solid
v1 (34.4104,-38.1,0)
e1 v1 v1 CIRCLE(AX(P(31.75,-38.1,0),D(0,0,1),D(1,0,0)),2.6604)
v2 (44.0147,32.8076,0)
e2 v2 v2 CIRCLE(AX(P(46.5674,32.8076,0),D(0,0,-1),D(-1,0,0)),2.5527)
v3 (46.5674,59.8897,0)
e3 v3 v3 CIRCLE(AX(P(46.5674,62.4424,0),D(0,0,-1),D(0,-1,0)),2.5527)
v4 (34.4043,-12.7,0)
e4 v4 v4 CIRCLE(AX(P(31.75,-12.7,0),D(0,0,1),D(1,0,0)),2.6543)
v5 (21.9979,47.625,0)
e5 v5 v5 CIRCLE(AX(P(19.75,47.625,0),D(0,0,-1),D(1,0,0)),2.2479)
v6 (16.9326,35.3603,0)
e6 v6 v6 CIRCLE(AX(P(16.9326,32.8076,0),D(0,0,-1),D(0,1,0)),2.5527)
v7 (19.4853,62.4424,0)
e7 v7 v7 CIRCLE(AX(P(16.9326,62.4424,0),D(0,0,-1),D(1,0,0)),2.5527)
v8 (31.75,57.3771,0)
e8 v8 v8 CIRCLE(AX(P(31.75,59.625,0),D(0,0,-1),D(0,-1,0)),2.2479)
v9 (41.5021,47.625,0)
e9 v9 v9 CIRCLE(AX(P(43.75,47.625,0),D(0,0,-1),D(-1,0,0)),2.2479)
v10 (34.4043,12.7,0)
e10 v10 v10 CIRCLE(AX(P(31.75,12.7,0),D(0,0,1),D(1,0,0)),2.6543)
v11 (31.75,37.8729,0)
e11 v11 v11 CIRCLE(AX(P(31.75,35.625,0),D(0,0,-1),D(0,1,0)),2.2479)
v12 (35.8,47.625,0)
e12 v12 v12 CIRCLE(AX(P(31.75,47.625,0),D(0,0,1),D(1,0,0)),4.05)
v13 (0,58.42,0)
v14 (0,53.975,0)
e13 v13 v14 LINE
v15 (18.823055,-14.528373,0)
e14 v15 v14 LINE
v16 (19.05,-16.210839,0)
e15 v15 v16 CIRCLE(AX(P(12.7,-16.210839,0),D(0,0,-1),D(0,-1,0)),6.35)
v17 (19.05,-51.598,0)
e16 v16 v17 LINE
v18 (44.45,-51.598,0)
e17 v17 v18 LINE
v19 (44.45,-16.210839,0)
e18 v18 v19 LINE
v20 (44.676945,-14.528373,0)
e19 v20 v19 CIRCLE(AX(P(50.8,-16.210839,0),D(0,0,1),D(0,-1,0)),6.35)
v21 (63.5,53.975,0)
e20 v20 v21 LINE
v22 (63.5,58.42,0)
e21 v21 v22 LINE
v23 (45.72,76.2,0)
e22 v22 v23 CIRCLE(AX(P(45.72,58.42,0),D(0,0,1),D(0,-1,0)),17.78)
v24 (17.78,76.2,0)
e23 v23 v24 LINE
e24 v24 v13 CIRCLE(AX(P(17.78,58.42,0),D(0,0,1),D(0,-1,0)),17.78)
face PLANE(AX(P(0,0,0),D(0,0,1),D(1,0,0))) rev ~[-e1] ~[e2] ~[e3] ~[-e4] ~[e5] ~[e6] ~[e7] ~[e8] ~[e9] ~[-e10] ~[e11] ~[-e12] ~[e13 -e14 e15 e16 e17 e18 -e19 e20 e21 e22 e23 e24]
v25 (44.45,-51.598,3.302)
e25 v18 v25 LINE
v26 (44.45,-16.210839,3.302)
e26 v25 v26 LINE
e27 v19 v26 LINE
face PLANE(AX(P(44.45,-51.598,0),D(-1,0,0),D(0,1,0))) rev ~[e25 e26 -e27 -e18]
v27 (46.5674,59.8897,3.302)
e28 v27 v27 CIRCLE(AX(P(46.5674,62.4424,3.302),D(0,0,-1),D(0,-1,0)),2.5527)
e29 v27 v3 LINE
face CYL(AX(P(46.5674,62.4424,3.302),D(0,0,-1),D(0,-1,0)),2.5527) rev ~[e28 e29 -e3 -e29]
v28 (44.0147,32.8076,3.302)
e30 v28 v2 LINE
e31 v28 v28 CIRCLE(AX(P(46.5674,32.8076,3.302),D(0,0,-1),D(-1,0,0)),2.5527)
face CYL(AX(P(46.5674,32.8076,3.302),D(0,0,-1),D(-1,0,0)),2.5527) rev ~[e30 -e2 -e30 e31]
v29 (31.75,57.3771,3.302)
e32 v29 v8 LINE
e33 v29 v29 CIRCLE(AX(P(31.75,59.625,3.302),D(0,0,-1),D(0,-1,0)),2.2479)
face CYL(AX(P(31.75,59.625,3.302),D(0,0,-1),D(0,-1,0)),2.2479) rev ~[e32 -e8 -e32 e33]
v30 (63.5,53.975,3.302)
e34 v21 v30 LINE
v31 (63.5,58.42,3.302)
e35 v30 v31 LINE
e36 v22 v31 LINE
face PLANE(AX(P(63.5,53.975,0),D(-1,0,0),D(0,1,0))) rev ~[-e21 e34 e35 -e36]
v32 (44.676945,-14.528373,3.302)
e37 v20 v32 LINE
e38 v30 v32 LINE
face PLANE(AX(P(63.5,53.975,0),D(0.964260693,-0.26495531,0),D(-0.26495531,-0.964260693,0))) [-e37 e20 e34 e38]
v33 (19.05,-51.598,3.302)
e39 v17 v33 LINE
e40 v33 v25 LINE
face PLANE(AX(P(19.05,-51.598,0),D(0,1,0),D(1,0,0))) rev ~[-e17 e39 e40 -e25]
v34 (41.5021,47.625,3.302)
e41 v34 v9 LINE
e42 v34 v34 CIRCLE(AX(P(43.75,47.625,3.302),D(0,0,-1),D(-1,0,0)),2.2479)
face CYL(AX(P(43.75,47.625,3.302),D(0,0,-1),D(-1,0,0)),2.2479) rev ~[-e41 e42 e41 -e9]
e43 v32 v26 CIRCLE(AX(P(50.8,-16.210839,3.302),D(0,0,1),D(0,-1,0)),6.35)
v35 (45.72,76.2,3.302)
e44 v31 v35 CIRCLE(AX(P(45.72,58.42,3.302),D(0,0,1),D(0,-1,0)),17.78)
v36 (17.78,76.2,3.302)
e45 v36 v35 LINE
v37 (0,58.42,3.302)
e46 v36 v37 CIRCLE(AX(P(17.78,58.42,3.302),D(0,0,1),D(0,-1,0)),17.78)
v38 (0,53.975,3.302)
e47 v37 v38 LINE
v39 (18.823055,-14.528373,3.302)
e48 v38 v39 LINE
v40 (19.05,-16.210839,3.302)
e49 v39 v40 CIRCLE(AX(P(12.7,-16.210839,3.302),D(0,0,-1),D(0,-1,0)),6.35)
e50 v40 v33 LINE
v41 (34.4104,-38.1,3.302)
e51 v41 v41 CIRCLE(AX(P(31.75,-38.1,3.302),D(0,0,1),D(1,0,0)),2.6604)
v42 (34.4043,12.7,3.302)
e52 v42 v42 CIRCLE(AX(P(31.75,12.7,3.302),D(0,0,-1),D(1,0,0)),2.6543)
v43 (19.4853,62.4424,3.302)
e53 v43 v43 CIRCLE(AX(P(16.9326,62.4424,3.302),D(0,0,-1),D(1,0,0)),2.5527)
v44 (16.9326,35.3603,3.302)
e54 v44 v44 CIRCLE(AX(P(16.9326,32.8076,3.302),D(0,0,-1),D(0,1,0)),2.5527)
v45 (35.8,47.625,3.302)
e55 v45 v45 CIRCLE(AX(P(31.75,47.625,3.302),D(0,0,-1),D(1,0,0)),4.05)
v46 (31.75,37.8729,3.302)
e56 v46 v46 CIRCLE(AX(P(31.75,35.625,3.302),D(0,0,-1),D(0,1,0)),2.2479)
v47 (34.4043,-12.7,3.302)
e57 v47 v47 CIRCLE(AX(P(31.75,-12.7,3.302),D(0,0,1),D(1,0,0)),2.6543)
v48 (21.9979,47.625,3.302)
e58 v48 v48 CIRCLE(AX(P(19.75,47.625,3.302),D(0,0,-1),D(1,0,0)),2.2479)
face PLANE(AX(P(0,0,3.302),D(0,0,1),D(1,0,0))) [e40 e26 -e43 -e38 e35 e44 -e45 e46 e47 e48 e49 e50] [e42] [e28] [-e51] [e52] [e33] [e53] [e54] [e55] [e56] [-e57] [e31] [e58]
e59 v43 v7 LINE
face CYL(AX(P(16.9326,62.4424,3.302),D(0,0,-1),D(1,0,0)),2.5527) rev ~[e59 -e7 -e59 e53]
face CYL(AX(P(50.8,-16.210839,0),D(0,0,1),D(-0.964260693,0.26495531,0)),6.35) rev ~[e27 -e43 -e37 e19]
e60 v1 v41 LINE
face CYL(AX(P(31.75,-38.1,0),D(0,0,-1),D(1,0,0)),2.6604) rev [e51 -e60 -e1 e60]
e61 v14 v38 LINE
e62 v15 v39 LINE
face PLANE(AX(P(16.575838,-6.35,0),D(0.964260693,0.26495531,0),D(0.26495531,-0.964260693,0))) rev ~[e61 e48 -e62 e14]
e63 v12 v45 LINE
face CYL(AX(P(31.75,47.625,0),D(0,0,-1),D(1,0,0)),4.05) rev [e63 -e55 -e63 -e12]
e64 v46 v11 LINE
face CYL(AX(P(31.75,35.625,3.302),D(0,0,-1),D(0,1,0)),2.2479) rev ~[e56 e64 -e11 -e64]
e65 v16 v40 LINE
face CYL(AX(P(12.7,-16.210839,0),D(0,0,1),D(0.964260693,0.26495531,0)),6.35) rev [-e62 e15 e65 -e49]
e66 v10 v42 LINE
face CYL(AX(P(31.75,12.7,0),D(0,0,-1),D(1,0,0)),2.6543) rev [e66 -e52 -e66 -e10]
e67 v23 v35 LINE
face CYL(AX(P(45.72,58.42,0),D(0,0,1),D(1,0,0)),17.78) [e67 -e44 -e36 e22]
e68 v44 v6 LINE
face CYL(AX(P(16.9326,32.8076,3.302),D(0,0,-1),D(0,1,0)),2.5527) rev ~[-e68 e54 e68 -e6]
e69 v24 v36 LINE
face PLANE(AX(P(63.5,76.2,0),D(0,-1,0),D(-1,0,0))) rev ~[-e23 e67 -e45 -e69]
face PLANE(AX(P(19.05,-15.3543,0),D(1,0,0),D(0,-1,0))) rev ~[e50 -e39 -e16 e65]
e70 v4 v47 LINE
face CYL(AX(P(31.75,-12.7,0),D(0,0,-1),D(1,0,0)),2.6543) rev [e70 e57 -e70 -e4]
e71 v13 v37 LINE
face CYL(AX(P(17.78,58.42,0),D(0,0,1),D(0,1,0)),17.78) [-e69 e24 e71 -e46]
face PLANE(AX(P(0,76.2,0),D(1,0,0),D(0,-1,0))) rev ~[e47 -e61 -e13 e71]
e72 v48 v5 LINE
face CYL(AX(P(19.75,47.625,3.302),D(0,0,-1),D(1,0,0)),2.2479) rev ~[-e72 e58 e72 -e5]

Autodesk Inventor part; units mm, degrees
ref_plane "YZ Plane" through (0, 0, 0) normal (1, 0, 0) x (0, 1, 0)
ref_plane "XZ Plane" through (0, 0, 0) normal (0, 1, 0) x (-1, 0, 0)
ref_plane "XY Plane" through (0, 0, 0) normal (0, 0, 1) x (1, 0, 0)
sketch "Sketch1" plane through (0, 0, 0) normal (0, 0, 1) x (1, 0, 0)
  line L0 (63.5, 76.2) -> (0, 76.2)
  line L1 (0, 76.2) -> (0, 53.975)
  circle A0 centre (31.75, 47.625) radius 4.05
  line L2 (19.05, -6.35) -> (44.45, -6.35)
  line L3 (63.5, 53.975) -> (63.5, 76.2)
  line L4 (31.75, 76.2) -> (31.75, -6.35)
  circle A1 centre (31.75, 12.7) radius 2.6543
  circle A2 centre (31.75, -12.7) radius 2.6543
  circle A3 centre (31.75, -38.1) radius 2.6604
  line L5 (63.5, 53.975) -> (63.5, -6.35)
  line L6 (63.5, -6.35) -> (0, -6.35)
  line L7 (0, -6.35) -> (0, 53.975)
  line L8 (19.05, -15.3543) -> (19.05, -51.598)
  line L9 (19.05, -51.598) -> (44.45, -51.598)
  line L10 (44.45, -51.598) -> (44.45, -15.3543)
  line L11 (63.5, 53.975) -> (44.45, -15.3543)
  line L12 (0, 53.975) -> (19.05, -15.3543)
  point P0 (0, 0)
  dimension "d0" = 63.5
  dimension "d2" = 8.1
  dimension "d5" = 28.575
  dimension "d50" = 82.55
  dimension "d54" = 5.3086
  dimension "d55" = 63.5
  dimension "d59" = 25.4
  dimension "d60" = 25.4
  dimension "d61" = 25.4
extrude "Extrusion1" add sketch "Sketch1" along normal blind 3.302 contours L3 L11 L6 L2 L4 A1 A0 L0 | L4 A0 A1 L2 L6 L12 L1 L0 | L11 L10 L9 L8 L12 L6 L2
fillet "Fillet11" radius 17.78 1 edges at (63.5, 76.2, 1.651)
fillet "Fillet12" radius 17.78 1 edges at (0, 76.2, 1.651)
sketch "Sketch3" plane through (0, 0, 3.302) normal (0, 0, 1) x (1, 0, 0)
  circle A0 centre (31.75, 47.625) radius 4.05 projected
  circle A1 centre (31.75, 47.625) radius 16
  circle A2 centre (31.75, 47.625) radius 8
  circle A3 centre (31.75, 47.625) radius 12
  line L0 (31.75, 47.625) -> (31.75, 69.8383)
  line L1 (31.75, 47.625) -> (53.9633, 47.625) construction
  point P0 (0, 0)
  point P1 (31.75, 59.625)
  dimension "d28" = 24
  dimension "d26" = 32
  dimension "d27" = 16
  dimension "d36" = 90
hole "Hole1" at (31.75, 59.625, 3.302) direction (0, 0, -1) diameter 4.4958 depth 14.1986 tip angle 118 clearance for "Flat Head Machine Screw" size "M4" standard "Ansi Metric M Profile"
pattern_circular "Circular Pattern1" count 4 over 360 about axis through (31.75, 47.625, 0) along (0, 0, 1) of "Hole1"
sketch "Sketch4" plane through (0, 0, 3.302) normal (0, 0, 1) x (1, 0, 0)
  circle A0 centre (31.75, 47.625) radius 4.05 projected
  circle A1 centre (31.75, 47.625) radius 12
  circle A2 centre (31.75, 47.625) radius 16
  circle A3 centre (31.75, 47.625) radius 20.955
  line L0 (45.72, 76.2) -> (17.78, 76.2) projected
  line L1 (31.75, 47.625) -> (51.1677, 67.0427)
  line L2 (31.75, 47.625) -> (59.2107, 47.625) construction
  point P0 (0, 0)
  point P1 (46.5674, 62.4424)
  dimension "d42" = 41.91
  dimension "d40" = 24
  dimension "d41" = 32
  dimension "d58" = 45
hole "Hole2" at (46.5674, 62.4424, 3.302) direction (0, 0, -1) diameter 5.1054 depth 16.256 tip angle 118 clearance for "Flat Head Machine Screw (82)" size "#10" standard "Ansi Unified Screw Threads"
pattern_circular "Circular Pattern2" count 4 over 360 about axis through (31.75, 47.625, 0) along (0, 0, 1) of "Hole2"
fillet "Fillet16" radius 6.35 2 edges at (44.45, -15.3543, 1.651) (19.05, -15.3543, 1.651)
equation "\"d54\" = d3"
equation "\"d3\" = 5.3086"
properties part number "Arm Plate3"
